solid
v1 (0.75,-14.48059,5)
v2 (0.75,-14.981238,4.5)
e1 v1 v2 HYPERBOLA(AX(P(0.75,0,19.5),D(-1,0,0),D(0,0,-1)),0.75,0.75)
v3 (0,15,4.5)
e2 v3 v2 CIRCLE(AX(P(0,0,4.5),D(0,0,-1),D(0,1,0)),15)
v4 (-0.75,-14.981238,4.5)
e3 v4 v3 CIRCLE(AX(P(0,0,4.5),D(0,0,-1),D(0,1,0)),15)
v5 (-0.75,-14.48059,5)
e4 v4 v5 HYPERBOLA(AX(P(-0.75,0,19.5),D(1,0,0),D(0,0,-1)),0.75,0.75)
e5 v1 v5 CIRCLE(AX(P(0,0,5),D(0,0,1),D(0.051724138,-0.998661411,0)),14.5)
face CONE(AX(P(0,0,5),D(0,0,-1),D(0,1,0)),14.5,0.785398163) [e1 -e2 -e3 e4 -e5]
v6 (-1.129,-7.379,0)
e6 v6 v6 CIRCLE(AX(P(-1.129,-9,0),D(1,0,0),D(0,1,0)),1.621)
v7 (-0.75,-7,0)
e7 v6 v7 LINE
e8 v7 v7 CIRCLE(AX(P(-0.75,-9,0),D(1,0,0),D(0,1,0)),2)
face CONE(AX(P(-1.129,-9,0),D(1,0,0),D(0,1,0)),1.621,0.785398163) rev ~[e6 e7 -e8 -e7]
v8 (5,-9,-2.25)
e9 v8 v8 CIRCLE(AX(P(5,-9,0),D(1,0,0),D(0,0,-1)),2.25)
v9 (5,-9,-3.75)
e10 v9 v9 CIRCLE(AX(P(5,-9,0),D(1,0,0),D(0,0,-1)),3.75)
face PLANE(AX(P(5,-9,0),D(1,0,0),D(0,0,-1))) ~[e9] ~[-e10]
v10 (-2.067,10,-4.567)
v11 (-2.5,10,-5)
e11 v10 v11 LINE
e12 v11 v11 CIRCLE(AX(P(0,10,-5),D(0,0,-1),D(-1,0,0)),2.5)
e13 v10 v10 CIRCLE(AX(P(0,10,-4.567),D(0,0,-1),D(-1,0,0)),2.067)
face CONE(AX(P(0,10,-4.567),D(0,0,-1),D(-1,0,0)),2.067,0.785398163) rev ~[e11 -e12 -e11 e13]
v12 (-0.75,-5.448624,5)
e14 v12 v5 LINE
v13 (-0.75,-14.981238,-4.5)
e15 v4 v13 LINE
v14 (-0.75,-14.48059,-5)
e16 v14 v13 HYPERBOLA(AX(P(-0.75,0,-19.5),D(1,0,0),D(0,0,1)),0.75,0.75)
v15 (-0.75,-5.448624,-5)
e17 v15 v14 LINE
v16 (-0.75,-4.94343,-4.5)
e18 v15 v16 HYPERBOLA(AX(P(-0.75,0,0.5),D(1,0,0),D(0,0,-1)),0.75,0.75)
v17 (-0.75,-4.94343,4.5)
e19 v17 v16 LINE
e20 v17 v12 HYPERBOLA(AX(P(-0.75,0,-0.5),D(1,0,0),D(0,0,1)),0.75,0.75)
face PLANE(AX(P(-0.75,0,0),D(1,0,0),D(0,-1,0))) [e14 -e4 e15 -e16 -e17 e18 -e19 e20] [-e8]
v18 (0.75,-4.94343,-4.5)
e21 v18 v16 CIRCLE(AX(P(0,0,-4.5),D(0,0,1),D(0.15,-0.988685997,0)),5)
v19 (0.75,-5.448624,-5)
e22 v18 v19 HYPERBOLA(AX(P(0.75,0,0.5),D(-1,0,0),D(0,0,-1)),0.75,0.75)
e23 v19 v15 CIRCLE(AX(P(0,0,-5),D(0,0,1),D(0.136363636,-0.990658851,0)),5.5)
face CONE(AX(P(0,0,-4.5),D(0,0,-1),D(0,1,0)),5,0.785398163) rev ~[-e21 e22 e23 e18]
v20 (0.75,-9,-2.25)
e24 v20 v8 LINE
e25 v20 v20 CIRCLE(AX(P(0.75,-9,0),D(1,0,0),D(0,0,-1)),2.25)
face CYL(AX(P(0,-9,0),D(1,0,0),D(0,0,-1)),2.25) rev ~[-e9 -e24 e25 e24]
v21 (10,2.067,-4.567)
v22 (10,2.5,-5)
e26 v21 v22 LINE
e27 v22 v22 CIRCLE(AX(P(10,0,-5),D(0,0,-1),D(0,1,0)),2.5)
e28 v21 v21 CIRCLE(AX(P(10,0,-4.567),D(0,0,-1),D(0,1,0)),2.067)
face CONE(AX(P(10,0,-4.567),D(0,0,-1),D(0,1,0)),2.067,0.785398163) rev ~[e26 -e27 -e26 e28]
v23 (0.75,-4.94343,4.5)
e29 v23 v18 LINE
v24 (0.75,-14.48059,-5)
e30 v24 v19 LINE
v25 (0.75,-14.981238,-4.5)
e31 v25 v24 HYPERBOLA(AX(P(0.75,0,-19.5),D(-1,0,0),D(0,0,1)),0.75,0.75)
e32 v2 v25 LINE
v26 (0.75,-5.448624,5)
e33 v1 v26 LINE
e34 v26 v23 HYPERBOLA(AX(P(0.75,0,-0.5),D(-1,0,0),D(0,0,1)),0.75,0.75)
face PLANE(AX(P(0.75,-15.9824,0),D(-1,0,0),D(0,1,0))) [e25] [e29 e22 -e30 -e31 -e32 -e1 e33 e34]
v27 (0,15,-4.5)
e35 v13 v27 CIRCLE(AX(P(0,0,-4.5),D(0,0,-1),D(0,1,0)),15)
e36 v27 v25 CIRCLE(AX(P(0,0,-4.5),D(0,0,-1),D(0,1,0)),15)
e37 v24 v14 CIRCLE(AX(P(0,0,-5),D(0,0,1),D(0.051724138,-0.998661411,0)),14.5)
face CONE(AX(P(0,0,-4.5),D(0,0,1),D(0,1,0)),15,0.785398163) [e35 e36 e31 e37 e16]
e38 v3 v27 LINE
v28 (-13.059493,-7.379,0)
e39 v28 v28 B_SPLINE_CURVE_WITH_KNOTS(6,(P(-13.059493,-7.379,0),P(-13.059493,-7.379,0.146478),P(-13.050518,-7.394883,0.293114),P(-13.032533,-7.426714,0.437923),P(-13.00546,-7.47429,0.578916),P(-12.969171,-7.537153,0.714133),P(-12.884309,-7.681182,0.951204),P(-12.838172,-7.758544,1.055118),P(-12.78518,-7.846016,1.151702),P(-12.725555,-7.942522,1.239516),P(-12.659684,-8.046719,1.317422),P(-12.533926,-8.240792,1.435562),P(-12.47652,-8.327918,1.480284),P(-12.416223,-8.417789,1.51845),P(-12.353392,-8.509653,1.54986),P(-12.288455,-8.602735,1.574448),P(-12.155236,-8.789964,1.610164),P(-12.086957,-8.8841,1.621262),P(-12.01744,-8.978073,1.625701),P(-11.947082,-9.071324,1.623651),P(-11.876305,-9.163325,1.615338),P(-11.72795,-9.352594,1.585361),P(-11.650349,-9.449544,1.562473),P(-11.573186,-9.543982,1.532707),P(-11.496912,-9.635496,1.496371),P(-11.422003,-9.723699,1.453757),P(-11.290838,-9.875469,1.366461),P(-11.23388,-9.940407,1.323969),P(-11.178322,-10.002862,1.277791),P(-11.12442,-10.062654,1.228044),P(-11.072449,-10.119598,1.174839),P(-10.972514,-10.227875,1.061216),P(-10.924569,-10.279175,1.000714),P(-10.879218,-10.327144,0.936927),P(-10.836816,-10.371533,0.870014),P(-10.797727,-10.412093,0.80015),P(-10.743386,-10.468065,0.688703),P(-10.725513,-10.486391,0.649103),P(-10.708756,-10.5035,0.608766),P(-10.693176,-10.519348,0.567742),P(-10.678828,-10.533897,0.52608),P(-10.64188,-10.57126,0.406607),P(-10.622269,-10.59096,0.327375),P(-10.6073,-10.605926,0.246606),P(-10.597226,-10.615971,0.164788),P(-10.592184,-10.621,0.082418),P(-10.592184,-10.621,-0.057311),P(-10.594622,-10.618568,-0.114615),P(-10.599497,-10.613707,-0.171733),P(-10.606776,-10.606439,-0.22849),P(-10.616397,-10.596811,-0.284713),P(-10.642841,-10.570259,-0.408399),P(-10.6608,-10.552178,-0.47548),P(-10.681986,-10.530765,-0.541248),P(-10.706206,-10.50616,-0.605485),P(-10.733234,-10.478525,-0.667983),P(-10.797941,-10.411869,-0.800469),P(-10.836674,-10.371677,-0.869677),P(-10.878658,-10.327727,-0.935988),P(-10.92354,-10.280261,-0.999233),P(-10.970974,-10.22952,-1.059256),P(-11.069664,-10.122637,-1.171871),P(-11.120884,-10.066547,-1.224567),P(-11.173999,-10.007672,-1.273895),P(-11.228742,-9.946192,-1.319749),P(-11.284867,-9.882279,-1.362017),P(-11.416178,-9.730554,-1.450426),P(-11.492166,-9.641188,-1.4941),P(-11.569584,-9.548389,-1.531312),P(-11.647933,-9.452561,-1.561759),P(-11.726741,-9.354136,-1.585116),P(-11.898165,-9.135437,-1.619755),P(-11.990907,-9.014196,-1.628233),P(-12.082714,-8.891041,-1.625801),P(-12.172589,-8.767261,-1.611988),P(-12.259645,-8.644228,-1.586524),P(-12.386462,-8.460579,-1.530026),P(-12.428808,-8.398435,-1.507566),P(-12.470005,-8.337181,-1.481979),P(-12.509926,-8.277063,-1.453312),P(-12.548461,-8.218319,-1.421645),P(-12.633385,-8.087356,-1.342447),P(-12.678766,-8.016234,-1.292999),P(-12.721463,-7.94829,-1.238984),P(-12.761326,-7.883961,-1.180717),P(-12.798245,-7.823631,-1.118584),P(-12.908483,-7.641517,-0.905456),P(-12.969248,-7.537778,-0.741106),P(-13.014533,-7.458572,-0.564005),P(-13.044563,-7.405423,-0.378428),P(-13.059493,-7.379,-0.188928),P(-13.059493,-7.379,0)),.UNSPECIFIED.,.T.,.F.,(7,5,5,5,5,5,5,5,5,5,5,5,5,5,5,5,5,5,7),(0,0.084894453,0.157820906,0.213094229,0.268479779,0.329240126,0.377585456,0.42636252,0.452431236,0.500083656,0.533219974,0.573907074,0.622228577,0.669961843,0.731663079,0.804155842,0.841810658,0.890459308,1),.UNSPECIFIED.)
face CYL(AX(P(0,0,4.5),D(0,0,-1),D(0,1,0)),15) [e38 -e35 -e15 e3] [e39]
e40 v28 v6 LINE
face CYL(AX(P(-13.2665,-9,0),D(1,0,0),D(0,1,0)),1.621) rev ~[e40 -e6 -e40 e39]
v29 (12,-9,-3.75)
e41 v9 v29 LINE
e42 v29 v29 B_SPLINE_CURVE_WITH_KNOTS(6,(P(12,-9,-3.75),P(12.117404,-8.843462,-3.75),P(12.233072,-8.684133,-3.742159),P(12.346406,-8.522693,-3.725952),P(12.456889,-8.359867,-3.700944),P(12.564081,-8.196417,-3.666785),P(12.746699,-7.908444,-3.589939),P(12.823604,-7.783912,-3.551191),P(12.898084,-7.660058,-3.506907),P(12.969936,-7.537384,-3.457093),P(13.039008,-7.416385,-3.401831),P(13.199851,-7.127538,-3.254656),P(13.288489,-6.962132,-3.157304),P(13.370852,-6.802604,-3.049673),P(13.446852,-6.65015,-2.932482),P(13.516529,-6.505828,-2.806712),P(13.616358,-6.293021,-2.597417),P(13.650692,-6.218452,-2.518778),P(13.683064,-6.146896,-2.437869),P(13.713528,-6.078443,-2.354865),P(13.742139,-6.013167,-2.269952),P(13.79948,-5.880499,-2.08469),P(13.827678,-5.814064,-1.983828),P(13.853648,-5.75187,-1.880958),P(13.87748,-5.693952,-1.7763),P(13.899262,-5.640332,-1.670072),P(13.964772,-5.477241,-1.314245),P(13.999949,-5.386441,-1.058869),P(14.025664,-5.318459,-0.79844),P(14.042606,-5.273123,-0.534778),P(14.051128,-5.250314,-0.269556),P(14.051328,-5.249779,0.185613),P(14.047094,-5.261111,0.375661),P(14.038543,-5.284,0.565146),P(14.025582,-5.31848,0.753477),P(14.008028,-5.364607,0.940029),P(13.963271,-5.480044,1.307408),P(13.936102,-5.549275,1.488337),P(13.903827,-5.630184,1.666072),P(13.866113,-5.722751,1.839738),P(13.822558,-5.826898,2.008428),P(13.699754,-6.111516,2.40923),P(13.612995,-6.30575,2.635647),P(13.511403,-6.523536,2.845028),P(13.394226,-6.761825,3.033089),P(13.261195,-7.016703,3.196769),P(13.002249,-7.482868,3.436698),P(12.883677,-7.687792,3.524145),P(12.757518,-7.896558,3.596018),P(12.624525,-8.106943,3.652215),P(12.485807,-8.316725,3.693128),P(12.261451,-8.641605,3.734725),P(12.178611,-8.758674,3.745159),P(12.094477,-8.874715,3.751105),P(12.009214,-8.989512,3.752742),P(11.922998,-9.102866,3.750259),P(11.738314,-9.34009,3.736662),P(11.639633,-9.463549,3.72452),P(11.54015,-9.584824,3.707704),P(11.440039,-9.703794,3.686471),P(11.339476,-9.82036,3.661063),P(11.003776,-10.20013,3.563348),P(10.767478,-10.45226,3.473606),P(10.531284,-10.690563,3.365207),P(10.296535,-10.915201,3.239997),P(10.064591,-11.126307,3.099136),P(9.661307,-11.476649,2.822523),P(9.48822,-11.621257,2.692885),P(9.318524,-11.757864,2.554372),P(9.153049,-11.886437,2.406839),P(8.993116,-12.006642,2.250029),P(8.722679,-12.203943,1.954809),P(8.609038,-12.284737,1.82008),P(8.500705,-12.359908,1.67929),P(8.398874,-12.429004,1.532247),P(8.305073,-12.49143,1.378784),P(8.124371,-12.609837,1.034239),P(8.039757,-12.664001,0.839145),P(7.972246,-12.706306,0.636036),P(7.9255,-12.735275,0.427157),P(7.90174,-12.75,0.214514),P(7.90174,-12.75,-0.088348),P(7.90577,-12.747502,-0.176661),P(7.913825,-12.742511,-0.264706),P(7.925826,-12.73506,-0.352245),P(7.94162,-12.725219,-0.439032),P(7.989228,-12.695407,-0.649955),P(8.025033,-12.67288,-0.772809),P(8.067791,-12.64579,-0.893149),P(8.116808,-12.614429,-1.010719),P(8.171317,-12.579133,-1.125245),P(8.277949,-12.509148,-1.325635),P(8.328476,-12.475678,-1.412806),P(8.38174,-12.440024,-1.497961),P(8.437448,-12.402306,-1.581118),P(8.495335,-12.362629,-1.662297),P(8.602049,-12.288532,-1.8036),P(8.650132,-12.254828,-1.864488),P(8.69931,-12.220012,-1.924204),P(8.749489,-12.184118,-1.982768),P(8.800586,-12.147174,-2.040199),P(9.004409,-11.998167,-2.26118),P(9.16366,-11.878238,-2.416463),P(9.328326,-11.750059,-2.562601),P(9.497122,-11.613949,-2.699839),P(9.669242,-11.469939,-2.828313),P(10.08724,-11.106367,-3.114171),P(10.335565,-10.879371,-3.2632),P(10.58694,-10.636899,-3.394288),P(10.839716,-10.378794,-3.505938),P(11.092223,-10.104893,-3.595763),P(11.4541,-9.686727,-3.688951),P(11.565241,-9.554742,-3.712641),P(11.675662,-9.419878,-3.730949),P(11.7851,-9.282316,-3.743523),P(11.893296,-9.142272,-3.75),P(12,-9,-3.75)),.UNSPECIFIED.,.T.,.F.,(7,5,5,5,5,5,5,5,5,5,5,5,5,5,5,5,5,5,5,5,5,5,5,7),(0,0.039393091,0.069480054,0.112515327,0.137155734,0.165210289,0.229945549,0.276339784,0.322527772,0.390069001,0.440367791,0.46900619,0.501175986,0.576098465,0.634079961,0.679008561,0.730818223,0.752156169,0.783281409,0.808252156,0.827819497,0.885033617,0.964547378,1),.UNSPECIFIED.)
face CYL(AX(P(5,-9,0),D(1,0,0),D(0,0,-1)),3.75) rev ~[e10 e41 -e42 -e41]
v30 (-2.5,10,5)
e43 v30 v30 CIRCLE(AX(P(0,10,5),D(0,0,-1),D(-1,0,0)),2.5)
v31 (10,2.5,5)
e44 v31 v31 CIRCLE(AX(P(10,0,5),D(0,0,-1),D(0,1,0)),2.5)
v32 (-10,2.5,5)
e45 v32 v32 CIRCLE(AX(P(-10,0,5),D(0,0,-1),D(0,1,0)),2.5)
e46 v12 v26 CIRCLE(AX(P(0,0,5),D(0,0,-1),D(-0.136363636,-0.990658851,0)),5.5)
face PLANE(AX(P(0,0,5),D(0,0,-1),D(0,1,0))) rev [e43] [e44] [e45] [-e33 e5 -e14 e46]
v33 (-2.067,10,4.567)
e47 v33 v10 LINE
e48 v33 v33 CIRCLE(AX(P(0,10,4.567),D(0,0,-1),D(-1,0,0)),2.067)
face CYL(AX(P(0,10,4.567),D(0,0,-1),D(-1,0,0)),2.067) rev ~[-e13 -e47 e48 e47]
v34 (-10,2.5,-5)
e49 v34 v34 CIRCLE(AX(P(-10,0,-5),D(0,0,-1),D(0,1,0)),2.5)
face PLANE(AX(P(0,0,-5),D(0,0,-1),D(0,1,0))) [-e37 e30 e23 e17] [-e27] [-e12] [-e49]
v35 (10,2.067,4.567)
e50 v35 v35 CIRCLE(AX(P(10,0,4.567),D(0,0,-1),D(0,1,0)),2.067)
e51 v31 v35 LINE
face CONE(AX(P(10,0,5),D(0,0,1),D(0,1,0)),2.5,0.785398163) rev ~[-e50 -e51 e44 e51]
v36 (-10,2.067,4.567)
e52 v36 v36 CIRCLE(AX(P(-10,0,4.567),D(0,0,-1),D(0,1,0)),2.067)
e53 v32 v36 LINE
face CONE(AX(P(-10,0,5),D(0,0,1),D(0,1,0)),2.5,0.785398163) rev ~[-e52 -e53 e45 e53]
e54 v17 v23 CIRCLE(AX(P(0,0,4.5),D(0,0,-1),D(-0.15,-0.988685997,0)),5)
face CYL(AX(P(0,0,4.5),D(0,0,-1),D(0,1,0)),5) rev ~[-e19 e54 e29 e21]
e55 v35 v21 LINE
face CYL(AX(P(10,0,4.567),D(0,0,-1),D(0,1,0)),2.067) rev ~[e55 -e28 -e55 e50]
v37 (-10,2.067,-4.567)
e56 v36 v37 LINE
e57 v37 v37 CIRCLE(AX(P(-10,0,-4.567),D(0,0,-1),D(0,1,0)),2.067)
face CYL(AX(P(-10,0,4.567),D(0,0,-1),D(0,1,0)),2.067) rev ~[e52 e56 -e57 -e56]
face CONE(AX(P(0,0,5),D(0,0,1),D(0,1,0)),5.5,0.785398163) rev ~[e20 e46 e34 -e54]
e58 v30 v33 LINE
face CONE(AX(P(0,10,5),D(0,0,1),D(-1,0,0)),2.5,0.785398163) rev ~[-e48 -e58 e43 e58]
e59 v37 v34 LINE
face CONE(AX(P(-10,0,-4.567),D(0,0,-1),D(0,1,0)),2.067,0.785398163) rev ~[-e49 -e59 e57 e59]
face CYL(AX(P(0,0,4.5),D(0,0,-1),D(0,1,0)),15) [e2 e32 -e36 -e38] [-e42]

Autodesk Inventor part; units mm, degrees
sketch "Sketch_14" plane through (0, 0, 0) normal (1, 0, 0) x (0, 1, 0)
  line L0 (0, -5) -> (0, 5)
  line L1 (0, 5) -> (14.5, 5)
  line L2 (14.5, 5) -> (15, 4.5)
  line L3 (15, 4.5) -> (15, -4.5)
  line L4 (15, -4.5) -> (14.5, -5)
  line L5 (14.5, -5) -> (0, -5)
  line L6 (0, -5) -> (0, 5)
revolve "Revolution1" add sketch "Sketch_14" angle 360 about axis through (0, 0, -5) along (0, 0, -1)
sketch "Sketch_15" plane through (0, 0, 0) normal (1, 0, 0) x (0, 1, 0)
  line L0 (0, -5) -> (0, 5)
  line L1 (0, 5) -> (5.5, 5)
  line L2 (5.5, 5) -> (5, 4.5)
  line L3 (5, 4.5) -> (5, -4.5)
  line L4 (5, -4.5) -> (5.5, -5)
  line L5 (5.5, -5) -> (0, -5)
  line L6 (0, -5) -> (0, 5)
revolve "Revolution2" cut sketch "Sketch_15" angle 360 about axis through (0, 0, -5) along (0, 0, -1)
sketch "Sketch_16" plane through (0, 0, 0) normal (0, 0, 1) x (1, 0, 0)
  arc A0 (-0.75, -15.9824) -> (0.75, -15.9824) centre (0, 0) ccw
  line L0 (0.75, -15.9824) -> (0.75, 0)
  line L1 (0.75, 0) -> (-0.75, 0)
  line L2 (-0.75, 0) -> (-0.75, -15.9824)
extrude "Extrusion1" cut sketch "Sketch_16" along normal mid plane 10
sketch "Sketch_18" plane through (10, 0, 0) normal (1, 0, 0) x (0, 0, -1)
  line L0 (5, 0) -> (-5, 0)
  line L1 (-5, 0) -> (-5, 2.5)
  line L2 (-5, 2.5) -> (-4.567, 2.067)
  line L3 (-4.567, 2.067) -> (4.567, 2.067)
  line L4 (4.567, 2.067) -> (5, 2.5)
  line L5 (5, 2.5) -> (5, 0)
  line L6 (5, 0) -> (-5, 0)
revolve "Revolution3" cut sketch "Sketch_18" angle 360 about axis through (10, 0, -5) along (0, 0, -1)
thread "Thread1" size "M5x0.8" class "6H" standard "ISO Metric profile" full length
sketch "Sketch_20" plane through (-10, 0, 0) normal (1, 0, 0) x (0, 0, -1)
  line L0 (5, 0) -> (-5, 0)
  line L1 (-5, 0) -> (-5, 2.5)
  line L2 (-5, 2.5) -> (-4.567, 2.067)
  line L3 (-4.567, 2.067) -> (4.567, 2.067)
  line L4 (4.567, 2.067) -> (5, 2.5)
  line L5 (5, 2.5) -> (5, 0)
  line L6 (5, 0) -> (-5, 0)
revolve "Revolution4" cut sketch "Sketch_20" angle 360 about axis through (-10, 0, -5) along (0, 0, -1)
thread "Thread2" size "M5x0.8" class "6H" standard "ISO Metric profile" full length
sketch "Sketch_22" plane through (0, 10, 0) normal (0, 1, 0) x (1, 0, 0)
  line L0 (0, 5) -> (0, -5)
  line L1 (0, -5) -> (-2.5, -5)
  line L2 (-2.5, -5) -> (-2.067, -4.567)
  line L3 (-2.067, -4.567) -> (-2.067, 4.567)
  line L4 (-2.067, 4.567) -> (-2.5, 5)
  line L5 (-2.5, 5) -> (0, 5)
  line L6 (0, 5) -> (0, -5)
revolve "Revolution5" cut sketch "Sketch_22" angle 360 about axis through (0, 10, -5) along (0, 0, -1)
thread "Thread3" size "M5x0.8" class "6H" standard "ISO Metric profile" full length
sketch "Sketch_23" plane through (0, -9, 0) normal (0, 1, 0) x (1, 0, 0)
  line L0 (15, 0) -> (0, 0)
  line L1 (0, 0) -> (0, 2.25)
  line L2 (0, 2.25) -> (5, 2.25)
  line L3 (5, 2.25) -> (5, 3.75)
  line L4 (5, 3.75) -> (15, 3.75)
  line L5 (15, 3.75) -> (15, 0)
  line L6 (15, 0) -> (0, 0)
revolve "Revolution6" cut sketch "Sketch_23" angle 360 about axis through (15, -9, 0) along (1, 0, 0)
sketch "Sketch_25" plane through (0, 0, 0) normal (0, 0, 1) x (1, 0, 0)
  line L0 (-0.75, -9) -> (-13.2665, -9)
  line L1 (-13.2665, -9) -> (-13.2665, -7.379)
  line L2 (-13.2665, -7.379) -> (-1.129, -7.379)
  line L3 (-1.129, -7.379) -> (-0.75, -7)
  line L4 (-0.75, -7) -> (-0.75, -9)
  line L5 (-0.75, -9) -> (-13.2665, -9)
revolve "Revolution7" cut sketch "Sketch_25" angle 360 about axis through (-0.75, -9, 0) along (1, 0, 0)
thread "Thread4" size "M4x0.7" class "6H" standard "ISO Metric profile" length 12.1375
ref_plane "to_bolt_XY" through (5, -9, 0) normal (1, 0, 0) x (0, 0, -1)
ref_plane "to_bolt_YZ" through (5, -9, 0) normal (0, 0, -1) x (0, 1, 0)
ref_plane "to_bolt_ZX" through (5, -9, 0) normal (0, 1, 0) x (1, 0, 0)
properties part number "SCSTR10-10b" material "鋼、炭素鋼"
